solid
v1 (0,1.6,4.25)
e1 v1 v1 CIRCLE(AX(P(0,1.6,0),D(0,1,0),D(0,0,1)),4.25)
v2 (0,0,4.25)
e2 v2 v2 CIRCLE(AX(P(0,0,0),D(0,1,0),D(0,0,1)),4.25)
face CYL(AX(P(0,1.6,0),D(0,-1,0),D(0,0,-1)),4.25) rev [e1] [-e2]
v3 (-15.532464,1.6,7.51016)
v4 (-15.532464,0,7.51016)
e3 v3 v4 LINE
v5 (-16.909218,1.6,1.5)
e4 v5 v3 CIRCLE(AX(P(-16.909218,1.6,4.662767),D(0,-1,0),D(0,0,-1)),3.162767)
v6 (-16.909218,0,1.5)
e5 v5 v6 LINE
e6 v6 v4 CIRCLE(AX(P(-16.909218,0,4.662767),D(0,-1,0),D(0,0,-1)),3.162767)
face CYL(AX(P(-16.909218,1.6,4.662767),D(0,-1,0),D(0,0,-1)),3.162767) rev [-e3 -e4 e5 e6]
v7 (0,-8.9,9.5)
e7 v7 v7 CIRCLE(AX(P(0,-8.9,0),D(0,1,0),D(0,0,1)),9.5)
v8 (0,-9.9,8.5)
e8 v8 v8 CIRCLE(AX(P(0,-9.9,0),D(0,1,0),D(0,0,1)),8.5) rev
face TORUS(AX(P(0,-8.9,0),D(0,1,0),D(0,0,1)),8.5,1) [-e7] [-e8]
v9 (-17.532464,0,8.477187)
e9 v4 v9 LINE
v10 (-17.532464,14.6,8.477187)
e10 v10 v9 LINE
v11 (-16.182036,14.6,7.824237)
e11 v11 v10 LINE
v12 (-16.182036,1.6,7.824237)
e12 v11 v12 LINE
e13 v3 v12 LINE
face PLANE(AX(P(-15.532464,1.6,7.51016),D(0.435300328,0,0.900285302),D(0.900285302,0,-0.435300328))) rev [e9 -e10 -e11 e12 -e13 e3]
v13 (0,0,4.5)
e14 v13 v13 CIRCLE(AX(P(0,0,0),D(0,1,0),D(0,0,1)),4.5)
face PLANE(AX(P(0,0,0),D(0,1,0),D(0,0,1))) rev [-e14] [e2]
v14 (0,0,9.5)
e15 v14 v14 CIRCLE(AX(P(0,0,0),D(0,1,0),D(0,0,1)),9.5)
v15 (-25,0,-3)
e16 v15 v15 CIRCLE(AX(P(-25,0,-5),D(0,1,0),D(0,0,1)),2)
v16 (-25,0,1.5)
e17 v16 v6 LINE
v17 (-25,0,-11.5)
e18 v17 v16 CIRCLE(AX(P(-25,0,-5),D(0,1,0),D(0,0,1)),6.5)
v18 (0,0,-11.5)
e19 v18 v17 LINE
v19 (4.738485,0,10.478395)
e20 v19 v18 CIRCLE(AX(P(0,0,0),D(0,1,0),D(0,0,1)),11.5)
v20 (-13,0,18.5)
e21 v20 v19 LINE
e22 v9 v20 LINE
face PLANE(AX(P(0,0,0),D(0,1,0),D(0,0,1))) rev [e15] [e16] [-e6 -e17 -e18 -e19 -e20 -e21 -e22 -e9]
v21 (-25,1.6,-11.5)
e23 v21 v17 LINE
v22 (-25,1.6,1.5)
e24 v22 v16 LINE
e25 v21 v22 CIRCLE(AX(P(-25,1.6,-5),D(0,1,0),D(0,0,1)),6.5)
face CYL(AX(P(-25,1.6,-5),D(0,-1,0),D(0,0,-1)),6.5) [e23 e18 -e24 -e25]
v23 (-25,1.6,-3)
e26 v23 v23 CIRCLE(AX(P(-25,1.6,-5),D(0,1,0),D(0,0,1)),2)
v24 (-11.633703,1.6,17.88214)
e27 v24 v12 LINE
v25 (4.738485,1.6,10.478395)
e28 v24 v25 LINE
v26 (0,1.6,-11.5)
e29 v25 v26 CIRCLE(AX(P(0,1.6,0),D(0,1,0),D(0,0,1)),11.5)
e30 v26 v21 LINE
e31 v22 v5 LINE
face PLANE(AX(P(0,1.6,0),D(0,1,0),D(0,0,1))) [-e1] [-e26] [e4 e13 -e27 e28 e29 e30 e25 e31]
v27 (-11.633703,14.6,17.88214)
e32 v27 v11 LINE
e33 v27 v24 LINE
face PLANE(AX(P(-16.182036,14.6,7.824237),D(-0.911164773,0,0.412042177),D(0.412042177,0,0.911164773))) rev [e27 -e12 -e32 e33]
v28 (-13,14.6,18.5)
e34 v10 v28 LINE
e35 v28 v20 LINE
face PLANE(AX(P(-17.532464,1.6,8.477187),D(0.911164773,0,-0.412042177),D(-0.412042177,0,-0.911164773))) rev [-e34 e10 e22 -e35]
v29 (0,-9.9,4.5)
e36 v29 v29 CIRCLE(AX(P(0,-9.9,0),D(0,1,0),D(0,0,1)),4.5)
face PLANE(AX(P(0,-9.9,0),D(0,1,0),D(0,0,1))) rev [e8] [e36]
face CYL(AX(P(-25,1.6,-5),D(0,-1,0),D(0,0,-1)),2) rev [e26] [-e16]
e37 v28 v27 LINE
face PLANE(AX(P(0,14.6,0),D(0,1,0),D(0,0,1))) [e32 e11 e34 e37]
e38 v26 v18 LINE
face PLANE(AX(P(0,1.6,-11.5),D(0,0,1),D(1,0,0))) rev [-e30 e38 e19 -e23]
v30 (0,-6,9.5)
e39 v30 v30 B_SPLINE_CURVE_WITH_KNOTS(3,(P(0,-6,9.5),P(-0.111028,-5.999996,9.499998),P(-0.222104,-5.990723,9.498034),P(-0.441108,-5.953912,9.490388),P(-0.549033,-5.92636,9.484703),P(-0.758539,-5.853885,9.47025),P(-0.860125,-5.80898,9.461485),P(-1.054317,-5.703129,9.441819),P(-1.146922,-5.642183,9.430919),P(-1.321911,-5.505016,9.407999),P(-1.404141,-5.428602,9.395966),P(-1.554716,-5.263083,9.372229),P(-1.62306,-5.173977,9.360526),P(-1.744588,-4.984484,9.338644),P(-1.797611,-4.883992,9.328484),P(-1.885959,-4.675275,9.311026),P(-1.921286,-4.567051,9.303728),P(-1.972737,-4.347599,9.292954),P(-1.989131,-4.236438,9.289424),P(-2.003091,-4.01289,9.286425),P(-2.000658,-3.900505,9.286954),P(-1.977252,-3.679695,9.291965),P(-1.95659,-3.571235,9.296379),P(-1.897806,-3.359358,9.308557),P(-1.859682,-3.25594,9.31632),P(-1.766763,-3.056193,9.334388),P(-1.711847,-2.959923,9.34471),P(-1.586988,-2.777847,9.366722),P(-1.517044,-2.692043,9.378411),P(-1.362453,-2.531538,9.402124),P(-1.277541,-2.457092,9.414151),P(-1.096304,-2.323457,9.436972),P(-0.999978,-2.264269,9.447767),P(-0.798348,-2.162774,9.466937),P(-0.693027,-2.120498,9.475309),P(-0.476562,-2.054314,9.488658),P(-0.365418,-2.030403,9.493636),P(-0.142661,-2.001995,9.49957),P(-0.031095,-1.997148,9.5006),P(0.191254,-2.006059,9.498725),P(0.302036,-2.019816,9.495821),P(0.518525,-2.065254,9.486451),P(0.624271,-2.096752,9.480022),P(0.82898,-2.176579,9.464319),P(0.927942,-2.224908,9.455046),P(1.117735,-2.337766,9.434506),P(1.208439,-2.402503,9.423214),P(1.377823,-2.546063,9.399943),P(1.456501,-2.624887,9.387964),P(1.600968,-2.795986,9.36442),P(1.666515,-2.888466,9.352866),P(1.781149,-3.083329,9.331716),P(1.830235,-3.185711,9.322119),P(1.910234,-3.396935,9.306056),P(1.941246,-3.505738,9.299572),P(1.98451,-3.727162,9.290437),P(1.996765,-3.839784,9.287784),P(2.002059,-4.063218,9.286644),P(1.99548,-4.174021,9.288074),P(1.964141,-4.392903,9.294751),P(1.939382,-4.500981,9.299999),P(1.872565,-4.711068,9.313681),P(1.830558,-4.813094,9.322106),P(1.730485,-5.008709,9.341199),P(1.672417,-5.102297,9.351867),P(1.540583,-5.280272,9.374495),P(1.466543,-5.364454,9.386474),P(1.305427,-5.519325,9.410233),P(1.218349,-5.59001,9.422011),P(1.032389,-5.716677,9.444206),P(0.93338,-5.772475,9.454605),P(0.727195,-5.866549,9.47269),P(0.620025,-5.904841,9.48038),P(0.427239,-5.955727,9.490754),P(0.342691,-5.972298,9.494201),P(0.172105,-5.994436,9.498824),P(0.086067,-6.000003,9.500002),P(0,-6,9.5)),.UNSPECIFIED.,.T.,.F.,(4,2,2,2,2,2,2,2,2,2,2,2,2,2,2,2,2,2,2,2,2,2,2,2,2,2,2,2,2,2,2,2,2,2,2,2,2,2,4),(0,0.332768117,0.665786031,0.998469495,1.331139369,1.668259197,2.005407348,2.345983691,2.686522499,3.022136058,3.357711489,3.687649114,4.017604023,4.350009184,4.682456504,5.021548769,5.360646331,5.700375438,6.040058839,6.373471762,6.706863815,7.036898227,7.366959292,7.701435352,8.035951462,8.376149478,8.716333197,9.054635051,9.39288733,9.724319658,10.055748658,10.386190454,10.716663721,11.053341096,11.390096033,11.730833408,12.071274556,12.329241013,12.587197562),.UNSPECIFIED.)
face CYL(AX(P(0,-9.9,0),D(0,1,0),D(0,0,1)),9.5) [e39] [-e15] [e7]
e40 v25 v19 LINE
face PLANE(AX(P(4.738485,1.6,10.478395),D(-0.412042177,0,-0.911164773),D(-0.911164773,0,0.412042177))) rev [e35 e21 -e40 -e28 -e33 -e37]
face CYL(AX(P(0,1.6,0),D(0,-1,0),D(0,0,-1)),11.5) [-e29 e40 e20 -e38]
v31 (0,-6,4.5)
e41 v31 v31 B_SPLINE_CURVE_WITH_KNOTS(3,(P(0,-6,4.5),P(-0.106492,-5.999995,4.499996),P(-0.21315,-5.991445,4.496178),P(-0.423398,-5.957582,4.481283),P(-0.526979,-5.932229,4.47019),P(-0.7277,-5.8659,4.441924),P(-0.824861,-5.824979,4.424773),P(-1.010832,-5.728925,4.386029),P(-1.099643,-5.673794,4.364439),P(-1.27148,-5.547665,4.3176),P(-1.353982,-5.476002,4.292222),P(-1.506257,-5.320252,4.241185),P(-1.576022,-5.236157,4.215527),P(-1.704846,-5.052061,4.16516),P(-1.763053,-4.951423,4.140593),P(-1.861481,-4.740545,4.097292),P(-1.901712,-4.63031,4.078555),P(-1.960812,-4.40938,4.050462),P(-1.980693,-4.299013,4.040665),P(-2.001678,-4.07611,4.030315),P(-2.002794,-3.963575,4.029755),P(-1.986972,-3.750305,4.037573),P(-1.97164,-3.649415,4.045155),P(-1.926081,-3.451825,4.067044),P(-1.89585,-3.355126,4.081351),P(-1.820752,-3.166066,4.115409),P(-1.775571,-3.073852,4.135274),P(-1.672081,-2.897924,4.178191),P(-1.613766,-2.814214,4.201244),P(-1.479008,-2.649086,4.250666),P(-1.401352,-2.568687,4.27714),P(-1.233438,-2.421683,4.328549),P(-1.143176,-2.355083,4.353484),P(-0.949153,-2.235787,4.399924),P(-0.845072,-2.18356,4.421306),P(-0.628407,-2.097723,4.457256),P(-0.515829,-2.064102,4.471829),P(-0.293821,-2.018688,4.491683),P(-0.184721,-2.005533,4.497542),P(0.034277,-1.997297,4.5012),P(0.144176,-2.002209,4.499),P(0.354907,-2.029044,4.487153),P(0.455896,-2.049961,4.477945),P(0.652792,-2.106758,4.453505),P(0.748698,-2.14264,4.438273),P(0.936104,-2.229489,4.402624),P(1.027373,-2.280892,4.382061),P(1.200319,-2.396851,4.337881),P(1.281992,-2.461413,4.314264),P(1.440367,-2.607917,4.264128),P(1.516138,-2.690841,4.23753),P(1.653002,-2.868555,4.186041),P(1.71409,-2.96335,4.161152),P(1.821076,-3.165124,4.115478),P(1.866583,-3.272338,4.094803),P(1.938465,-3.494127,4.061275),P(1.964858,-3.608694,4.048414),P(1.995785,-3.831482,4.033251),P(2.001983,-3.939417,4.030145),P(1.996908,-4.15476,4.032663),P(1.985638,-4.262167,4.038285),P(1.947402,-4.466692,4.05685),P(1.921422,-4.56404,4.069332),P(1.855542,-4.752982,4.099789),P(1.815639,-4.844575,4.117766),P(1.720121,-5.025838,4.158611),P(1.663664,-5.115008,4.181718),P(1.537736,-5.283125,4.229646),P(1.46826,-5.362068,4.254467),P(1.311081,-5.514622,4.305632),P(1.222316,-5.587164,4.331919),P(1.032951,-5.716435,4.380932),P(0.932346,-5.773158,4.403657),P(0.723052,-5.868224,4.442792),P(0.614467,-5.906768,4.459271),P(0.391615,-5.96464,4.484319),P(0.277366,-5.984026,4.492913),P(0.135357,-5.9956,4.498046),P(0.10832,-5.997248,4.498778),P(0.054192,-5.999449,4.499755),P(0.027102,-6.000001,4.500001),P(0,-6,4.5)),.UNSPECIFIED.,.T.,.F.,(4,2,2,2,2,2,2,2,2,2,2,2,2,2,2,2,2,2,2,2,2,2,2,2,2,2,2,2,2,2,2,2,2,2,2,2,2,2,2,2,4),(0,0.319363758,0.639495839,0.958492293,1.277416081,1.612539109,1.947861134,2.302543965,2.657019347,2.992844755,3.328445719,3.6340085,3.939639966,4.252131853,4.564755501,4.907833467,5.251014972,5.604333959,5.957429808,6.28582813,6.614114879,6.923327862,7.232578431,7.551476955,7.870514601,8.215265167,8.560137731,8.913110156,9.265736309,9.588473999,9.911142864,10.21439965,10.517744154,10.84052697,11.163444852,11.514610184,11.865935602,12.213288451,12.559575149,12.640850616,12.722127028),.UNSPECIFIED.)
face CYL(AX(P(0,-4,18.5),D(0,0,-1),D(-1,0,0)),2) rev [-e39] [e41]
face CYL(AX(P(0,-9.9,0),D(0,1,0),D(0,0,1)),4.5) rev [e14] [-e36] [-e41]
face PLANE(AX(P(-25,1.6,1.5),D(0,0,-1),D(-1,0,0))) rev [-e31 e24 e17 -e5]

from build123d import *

# Parameters (mm, degrees)
ESQUISSE1_R             = 4.25
ESQUISSE1_R_2           = 2
BOSS_EXTRU_1_DEPTH      = 1.6
ESQUISSE2_R             = 9.5
ESQUISSE2_R_2           = 4.5
BOSS_EXTRU_2_DEPTH      = 11.5
CONG_1_R                = 1
BOSS_EXTRU_3_DEPTH      = 13
ESQUISSE4_R             = 2
ENL_V_MAT_EXTRU_1_DEPTH = 19.5


with BuildPart() as part:
    # Esquisse1 → Boss.-Extru.1 (new body)
    with BuildSketch(Plane(origin=(0, 0, 0), x_dir=(1, 0, 0), z_dir=(0, 1, 0))):
        with BuildLine():
            Line((0, 11.5), (-25, 11.5))
            ThreePointArc((-25, 11.5), (-31.5, 5), (-25, -1.5))
            Line((-25, -1.5), (-16.90921754, -1.5))
            ThreePointArc((-16.90921754, -1.5), (-13.826301978, -3.956560509), (-15.532463951, -7.510159982))
            Line((-15.532463951, -7.510159982), (-17.532463951, -8.477187494))
            Line((-17.532463951, -8.477187494), (-13, -18.5))
            Line((-13, -18.5), (4.73848504, -10.478394893))
            ThreePointArc((4.73848504, -10.478394893), (11.241697854, 2.423680954), (0, 11.5))
        make_face()
        Circle(ESQUISSE1_R, mode=Mode.SUBTRACT)
        with Locations((-25, 5)):
            Circle(ESQUISSE1_R_2, mode=Mode.SUBTRACT)
    extrude(amount=BOSS_EXTRU_1_DEPTH)

    # Esquisse2 → Boss.-Extru.2 (add)
    with BuildSketch(Plane(origin=(0, 1.6, 0), x_dir=(1, 0, 0), z_dir=(0, 1, 0))):
        Circle(ESQUISSE2_R)
        Circle(ESQUISSE2_R_2, mode=Mode.SUBTRACT)
    extrude(amount=-BOSS_EXTRU_2_DEPTH)

    # Congé1
    cong_1_edges = [part.edges().sort_by_distance(p)[0] for p in [
        (-9.5, -9.9, 0),
    ]]
    fillet(cong_1_edges, radius=CONG_1_R)

    # Esquisse3 → Boss.-Extru.3 (add)
    with BuildSketch(Plane(origin=(0, 1.6, 0), x_dir=(1, 0, 0), z_dir=(0, 1, 0))):
        Polygon((-17.532463951, -8.477187494), (-13, -18.5), (-11.633703391, -17.88214048), (-16.182035998, -7.824237002), align=None)
    extrude(amount=BOSS_EXTRU_3_DEPTH)

    # Esquisse4 → Enlèv. mat.-Extru.1 (cut, through all)
    with BuildSketch(Plane.XY):
        with Locations((0, -4)):
            Circle(ESQUISSE4_R)
    extrude(amount=ENL_V_MAT_EXTRU_1_DEPTH, mode=Mode.SUBTRACT)


solid = part.part
